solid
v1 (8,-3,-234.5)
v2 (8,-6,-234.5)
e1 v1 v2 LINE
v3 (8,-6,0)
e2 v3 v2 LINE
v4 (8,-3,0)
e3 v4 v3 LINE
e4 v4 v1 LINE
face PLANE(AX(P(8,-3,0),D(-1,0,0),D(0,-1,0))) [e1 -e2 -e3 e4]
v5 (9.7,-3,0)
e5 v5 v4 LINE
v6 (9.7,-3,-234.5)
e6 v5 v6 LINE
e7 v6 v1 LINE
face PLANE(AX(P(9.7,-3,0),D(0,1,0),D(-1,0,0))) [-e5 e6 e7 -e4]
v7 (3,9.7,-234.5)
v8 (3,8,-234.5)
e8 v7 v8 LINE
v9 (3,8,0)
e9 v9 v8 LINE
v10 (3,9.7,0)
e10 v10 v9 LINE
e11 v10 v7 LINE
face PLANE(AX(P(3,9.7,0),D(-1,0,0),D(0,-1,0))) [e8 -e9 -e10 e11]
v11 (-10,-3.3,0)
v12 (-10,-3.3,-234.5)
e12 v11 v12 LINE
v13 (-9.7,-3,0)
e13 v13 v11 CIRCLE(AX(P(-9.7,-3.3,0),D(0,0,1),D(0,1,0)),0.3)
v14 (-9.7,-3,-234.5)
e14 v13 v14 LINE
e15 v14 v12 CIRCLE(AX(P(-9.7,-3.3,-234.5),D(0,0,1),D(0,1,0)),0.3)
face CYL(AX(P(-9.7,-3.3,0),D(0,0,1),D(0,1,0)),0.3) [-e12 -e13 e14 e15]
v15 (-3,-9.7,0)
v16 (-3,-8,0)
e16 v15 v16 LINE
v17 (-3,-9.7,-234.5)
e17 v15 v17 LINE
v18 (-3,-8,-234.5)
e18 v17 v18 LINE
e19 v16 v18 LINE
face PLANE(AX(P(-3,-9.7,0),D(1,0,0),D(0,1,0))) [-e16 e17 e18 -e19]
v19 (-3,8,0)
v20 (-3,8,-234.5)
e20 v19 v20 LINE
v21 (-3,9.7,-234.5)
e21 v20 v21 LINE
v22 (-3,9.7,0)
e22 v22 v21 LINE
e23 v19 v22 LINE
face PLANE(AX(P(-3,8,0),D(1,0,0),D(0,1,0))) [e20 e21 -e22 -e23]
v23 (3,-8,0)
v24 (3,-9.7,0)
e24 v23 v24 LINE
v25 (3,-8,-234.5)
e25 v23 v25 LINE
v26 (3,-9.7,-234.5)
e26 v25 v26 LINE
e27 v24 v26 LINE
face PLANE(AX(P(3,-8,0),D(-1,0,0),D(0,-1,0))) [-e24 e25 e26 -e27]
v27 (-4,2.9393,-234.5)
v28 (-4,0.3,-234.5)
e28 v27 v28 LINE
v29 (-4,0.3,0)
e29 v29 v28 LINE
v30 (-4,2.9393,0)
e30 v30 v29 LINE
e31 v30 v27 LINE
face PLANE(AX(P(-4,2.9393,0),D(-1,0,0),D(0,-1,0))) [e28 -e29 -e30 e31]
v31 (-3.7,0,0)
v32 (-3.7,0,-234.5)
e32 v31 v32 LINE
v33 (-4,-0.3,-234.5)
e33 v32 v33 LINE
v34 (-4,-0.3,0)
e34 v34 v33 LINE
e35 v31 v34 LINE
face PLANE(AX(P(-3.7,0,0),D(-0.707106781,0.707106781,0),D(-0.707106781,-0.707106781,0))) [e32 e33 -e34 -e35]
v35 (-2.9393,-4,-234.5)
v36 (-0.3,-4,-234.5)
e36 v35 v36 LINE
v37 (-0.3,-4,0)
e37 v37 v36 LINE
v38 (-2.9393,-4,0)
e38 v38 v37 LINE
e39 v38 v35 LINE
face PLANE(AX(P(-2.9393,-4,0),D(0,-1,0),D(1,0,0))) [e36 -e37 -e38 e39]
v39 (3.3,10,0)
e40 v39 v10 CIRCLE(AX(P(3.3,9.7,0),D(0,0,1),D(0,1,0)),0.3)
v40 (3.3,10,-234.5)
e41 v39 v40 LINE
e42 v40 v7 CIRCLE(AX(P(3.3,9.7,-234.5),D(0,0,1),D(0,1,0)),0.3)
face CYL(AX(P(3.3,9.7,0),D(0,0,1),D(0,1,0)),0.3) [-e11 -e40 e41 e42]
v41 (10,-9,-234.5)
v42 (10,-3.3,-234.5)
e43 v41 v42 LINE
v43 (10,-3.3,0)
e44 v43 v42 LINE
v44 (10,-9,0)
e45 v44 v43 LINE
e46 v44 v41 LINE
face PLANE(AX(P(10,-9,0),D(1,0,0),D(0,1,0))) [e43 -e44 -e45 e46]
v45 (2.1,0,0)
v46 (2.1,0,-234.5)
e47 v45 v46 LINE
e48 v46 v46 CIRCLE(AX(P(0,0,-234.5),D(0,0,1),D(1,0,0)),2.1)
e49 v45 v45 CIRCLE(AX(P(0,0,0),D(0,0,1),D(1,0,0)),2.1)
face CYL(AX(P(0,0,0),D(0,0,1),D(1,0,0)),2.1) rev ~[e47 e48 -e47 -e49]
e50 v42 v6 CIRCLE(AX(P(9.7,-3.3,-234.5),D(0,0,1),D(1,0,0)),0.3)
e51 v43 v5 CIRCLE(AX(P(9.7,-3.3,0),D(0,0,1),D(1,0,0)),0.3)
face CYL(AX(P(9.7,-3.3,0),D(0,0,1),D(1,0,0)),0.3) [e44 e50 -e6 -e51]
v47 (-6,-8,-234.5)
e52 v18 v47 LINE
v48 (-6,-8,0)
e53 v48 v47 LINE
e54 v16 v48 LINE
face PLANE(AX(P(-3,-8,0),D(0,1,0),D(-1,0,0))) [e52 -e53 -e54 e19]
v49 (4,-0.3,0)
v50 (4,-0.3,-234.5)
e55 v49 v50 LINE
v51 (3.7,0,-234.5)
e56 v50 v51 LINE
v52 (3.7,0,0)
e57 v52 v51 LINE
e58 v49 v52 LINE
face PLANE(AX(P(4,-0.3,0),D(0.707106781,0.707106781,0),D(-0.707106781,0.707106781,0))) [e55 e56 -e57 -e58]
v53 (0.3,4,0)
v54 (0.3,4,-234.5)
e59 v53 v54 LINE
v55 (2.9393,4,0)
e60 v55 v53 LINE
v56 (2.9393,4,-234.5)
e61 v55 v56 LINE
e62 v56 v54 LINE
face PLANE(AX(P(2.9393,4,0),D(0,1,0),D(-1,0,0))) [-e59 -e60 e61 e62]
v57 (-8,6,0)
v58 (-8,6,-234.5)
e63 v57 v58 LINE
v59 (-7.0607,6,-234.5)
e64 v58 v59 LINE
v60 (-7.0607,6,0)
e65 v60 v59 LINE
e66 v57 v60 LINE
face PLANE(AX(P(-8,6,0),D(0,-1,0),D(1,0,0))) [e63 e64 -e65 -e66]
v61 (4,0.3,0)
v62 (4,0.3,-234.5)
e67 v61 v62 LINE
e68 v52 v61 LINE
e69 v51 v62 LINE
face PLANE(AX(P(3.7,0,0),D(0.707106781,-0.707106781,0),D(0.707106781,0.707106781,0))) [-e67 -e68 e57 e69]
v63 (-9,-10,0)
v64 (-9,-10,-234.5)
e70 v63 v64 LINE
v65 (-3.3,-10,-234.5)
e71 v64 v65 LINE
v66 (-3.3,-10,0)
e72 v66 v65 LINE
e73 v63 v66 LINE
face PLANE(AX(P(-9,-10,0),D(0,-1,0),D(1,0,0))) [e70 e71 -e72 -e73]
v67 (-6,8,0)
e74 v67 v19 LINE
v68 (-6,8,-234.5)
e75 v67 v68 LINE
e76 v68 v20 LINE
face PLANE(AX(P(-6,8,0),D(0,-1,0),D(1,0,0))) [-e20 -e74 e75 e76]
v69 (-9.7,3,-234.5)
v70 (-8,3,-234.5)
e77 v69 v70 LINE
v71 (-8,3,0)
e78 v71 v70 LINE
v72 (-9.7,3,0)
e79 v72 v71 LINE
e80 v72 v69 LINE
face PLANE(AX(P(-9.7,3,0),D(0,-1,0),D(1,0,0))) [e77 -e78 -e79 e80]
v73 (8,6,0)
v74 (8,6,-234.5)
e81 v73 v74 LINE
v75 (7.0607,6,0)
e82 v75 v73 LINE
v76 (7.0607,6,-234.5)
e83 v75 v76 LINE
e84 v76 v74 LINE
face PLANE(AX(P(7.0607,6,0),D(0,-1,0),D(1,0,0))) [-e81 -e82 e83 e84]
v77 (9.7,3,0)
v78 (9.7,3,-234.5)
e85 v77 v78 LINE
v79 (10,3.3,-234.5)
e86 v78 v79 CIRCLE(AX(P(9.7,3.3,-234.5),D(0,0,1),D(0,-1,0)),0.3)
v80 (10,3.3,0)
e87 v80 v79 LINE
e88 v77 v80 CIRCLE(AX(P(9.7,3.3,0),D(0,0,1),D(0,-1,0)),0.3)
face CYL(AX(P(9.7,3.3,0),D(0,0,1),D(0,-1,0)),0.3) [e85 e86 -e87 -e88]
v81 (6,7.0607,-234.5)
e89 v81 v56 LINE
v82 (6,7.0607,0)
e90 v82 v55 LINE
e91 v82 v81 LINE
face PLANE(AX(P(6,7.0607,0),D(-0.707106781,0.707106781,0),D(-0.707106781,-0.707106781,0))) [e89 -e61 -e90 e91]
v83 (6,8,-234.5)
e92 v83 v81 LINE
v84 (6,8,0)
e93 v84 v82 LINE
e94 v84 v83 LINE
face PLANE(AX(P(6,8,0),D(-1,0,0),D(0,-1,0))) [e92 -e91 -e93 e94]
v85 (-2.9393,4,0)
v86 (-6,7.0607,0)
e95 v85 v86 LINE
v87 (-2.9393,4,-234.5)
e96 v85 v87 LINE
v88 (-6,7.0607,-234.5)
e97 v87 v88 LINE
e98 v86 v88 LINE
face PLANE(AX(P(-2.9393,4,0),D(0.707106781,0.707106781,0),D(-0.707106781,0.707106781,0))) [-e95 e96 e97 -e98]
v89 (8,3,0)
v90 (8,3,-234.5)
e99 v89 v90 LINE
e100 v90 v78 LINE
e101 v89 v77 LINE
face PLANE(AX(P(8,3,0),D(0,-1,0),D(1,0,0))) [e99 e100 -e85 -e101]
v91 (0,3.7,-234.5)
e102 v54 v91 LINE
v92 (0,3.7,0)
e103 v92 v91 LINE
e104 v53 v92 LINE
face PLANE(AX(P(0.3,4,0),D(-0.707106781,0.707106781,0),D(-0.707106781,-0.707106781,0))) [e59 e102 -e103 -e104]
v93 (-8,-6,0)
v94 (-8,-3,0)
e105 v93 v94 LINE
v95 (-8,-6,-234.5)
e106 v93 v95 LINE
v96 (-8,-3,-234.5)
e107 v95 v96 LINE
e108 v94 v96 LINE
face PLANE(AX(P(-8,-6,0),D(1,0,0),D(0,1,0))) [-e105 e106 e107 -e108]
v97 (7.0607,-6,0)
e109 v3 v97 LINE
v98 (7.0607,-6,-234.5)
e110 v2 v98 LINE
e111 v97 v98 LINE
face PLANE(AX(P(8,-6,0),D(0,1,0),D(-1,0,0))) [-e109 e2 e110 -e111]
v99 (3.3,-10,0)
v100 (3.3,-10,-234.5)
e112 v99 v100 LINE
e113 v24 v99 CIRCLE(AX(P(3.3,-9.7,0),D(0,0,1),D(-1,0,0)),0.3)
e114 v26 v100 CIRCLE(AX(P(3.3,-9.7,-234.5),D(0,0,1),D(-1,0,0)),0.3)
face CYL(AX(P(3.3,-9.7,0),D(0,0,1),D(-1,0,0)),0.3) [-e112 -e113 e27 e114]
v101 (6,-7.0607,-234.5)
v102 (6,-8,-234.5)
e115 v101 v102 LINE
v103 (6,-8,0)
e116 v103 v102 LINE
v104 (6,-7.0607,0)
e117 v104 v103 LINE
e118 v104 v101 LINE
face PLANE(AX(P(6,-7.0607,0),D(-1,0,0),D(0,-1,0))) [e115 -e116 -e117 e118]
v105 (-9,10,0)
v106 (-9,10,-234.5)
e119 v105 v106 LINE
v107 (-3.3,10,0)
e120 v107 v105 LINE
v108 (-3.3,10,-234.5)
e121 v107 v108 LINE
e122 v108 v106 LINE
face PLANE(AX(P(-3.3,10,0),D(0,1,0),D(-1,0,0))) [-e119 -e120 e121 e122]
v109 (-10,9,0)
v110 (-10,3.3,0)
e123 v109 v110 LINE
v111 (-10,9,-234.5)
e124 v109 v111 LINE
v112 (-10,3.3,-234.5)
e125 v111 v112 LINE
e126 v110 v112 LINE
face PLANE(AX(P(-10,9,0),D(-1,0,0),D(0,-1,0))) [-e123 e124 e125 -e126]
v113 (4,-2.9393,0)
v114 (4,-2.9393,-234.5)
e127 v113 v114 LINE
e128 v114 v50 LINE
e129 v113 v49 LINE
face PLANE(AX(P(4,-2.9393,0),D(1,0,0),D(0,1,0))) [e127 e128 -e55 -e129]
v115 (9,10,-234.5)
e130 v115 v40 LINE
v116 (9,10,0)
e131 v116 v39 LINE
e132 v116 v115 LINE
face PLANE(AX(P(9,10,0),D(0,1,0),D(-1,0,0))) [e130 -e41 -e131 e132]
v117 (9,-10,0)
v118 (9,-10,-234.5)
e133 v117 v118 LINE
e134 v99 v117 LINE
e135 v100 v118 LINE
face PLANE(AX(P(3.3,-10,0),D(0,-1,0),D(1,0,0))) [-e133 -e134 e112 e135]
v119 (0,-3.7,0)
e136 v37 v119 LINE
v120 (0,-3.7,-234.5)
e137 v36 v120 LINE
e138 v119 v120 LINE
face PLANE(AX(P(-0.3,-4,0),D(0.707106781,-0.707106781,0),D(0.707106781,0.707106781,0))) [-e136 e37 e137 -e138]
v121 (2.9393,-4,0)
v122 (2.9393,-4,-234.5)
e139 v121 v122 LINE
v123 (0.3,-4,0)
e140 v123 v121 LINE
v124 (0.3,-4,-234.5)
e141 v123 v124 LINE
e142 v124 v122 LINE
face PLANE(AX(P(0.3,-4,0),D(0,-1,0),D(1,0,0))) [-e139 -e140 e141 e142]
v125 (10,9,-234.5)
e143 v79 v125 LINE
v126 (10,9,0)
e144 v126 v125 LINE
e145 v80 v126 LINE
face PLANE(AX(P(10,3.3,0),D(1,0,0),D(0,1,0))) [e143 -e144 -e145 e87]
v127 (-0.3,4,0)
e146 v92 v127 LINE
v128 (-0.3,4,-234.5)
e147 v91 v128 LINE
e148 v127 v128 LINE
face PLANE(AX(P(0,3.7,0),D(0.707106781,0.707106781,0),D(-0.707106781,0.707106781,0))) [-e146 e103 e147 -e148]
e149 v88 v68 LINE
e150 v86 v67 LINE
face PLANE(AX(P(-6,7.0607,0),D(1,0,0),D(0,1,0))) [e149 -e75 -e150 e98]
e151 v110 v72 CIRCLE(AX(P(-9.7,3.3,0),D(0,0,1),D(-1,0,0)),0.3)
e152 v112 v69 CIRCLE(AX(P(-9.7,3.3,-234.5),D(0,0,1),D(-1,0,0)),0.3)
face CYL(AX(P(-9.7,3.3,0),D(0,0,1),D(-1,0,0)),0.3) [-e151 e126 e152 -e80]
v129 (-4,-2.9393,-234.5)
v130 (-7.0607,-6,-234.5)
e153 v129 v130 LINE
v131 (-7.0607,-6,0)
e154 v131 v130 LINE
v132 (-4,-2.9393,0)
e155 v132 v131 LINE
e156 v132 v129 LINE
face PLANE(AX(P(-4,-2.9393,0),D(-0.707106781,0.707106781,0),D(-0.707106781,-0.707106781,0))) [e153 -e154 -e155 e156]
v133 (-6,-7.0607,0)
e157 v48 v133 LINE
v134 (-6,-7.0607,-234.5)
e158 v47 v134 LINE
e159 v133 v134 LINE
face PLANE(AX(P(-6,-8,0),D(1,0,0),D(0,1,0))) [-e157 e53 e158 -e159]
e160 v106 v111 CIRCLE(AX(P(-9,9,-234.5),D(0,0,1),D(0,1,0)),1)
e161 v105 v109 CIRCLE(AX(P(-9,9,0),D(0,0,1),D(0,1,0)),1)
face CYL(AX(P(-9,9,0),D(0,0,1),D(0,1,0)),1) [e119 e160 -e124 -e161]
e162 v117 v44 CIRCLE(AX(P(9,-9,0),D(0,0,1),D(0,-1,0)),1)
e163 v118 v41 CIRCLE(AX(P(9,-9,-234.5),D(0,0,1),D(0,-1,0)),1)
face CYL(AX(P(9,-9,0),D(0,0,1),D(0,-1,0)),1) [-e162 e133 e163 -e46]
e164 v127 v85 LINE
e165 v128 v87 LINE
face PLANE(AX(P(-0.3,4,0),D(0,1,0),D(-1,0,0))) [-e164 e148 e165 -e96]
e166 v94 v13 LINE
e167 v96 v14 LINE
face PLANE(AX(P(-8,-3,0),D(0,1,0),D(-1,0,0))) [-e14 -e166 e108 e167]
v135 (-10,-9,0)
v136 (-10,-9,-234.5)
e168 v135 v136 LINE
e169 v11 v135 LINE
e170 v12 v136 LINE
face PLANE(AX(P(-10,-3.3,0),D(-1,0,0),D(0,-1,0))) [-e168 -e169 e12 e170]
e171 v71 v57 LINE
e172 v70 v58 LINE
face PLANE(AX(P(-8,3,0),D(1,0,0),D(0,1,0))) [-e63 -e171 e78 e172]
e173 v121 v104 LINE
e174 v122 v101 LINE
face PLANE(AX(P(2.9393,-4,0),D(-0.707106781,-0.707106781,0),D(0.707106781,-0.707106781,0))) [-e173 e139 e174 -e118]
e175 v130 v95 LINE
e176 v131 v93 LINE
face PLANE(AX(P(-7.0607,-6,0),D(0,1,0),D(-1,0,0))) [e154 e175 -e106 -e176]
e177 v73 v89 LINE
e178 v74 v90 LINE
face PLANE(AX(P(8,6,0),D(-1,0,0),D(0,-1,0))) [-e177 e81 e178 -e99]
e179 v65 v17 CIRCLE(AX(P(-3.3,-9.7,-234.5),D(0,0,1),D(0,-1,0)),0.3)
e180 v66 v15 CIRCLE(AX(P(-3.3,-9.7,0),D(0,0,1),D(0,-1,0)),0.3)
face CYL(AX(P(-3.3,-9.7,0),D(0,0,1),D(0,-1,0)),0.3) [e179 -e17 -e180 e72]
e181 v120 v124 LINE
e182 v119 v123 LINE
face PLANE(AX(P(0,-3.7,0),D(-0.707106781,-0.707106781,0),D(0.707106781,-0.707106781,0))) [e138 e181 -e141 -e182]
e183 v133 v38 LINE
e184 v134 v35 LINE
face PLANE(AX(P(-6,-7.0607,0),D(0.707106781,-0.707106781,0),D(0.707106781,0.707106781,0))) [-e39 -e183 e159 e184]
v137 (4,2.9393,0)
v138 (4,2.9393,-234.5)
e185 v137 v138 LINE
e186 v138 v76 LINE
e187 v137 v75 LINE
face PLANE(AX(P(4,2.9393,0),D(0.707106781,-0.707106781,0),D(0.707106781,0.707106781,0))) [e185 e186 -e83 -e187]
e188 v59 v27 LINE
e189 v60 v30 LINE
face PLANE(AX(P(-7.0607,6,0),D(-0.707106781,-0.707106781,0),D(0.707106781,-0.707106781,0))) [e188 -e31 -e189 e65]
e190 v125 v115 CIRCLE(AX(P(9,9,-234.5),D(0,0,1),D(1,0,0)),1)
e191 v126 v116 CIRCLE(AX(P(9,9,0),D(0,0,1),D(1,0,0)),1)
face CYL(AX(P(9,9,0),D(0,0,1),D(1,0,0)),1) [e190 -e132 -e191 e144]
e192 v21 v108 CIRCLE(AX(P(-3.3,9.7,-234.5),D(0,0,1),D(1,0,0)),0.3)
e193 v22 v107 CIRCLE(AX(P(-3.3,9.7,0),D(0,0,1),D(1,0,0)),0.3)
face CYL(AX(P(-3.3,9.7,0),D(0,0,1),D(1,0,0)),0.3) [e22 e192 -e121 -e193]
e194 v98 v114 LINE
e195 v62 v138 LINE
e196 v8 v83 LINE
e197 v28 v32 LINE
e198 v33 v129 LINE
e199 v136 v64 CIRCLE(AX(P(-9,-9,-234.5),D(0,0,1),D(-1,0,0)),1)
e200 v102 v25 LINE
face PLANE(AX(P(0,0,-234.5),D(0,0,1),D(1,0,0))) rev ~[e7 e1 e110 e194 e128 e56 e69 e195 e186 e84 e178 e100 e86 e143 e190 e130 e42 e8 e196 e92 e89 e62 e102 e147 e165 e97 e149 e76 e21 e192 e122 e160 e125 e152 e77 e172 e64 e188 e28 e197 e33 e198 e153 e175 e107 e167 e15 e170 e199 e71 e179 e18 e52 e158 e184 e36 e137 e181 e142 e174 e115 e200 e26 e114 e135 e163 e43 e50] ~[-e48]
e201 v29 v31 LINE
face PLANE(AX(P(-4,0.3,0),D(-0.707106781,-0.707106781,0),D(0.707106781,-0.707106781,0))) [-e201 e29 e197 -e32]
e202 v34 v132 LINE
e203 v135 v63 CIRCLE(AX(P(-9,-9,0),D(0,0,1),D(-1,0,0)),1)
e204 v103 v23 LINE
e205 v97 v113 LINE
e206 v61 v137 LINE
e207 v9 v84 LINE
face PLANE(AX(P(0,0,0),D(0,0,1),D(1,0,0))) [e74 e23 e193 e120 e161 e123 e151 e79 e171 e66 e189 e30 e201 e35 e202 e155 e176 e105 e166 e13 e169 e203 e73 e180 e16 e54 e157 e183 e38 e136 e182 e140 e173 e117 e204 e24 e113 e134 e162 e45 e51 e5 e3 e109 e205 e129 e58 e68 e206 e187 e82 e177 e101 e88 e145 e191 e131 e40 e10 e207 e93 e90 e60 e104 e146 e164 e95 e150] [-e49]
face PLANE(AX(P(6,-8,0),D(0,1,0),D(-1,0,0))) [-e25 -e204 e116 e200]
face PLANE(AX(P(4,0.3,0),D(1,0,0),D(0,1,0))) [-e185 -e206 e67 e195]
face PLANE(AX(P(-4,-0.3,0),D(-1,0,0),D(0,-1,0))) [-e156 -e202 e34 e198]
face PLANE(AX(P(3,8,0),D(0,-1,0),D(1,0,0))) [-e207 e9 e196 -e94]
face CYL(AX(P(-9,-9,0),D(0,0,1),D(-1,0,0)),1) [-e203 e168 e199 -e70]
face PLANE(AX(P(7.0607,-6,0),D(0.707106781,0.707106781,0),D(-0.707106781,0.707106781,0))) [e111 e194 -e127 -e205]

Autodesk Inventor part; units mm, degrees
ref_plane "YZ Plane" through (0, 0, 0) normal (1, 0, 0) x (0, 1, 0)
ref_plane "XZ Plane" through (0, 0, 0) normal (0, 1, 0) x (-1, 0, 0)
ref_plane "XY Plane" through (0, 0, 0) normal (0, 0, 1) x (1, 0, 0)
sketch "Sketch_5" plane through (0, 0, 0) normal (0, 0, 1) x (1, 0, 0)
  line L0 (-10, 9) -> (-10, 3.3)
  arc A0 (-10, 3.3) -> (-9.7, 3) centre (-9.7, 3.3) ccw
  line L1 (-9.7, 3) -> (-8, 3)
  line L2 (-8, 3) -> (-8, 6)
  line L3 (-8, 6) -> (-7.0607, 6)
  line L4 (-7.0607, 6) -> (-4, 2.9393)
  line L5 (-4, 2.9393) -> (-4, 0.3)
  line L6 (-4, 0.3) -> (-3.7, 0)
  line L7 (-3.7, 0) -> (-4, -0.3)
  line L8 (-4, -0.3) -> (-4, -2.9393)
  line L9 (-4, -2.9393) -> (-7.0607, -6)
  line L10 (-7.0607, -6) -> (-8, -6)
  line L11 (-8, -6) -> (-8, -3)
  line L12 (-8, -3) -> (-9.7, -3)
  arc A1 (-9.7, -3) -> (-10, -3.3) centre (-9.7, -3.3) ccw
  line L13 (-10, -3.3) -> (-10, -9)
  arc A2 (-10, -9) -> (-9, -10) centre (-9, -9) ccw
  line L14 (-9, -10) -> (-3.3, -10)
  arc A3 (-3.3, -10) -> (-3, -9.7) centre (-3.3, -9.7) ccw
  line L15 (-3, -9.7) -> (-3, -8)
  line L16 (-3, -8) -> (-6, -8)
  line L17 (-6, -8) -> (-6, -7.0607)
  line L18 (-6, -7.0607) -> (-2.9393, -4)
  line L19 (-2.9393, -4) -> (-0.3, -4)
  line L20 (-0.3, -4) -> (0, -3.7)
  line L21 (0, -3.7) -> (0.3, -4)
  line L22 (0.3, -4) -> (2.9393, -4)
  line L23 (2.9393, -4) -> (6, -7.0607)
  line L24 (6, -7.0607) -> (6, -8)
  line L25 (6, -8) -> (3, -8)
  line L26 (3, -8) -> (3, -9.7)
  arc A4 (3, -9.7) -> (3.3, -10) centre (3.3, -9.7) ccw
  line L27 (3.3, -10) -> (9, -10)
  arc A5 (9, -10) -> (10, -9) centre (9, -9) ccw
  line L28 (10, -9) -> (10, -3.3)
  arc A6 (10, -3.3) -> (9.7, -3) centre (9.7, -3.3) ccw
  line L29 (9.7, -3) -> (8, -3)
  line L30 (8, -3) -> (8, -6)
  line L31 (8, -6) -> (7.0607, -6)
  line L32 (7.0607, -6) -> (4, -2.9393)
  line L33 (4, -2.9393) -> (4, -0.3)
  line L34 (4, -0.3) -> (3.7, 0)
  line L35 (3.7, 0) -> (4, 0.3)
  line L36 (4, 0.3) -> (4, 2.9393)
  line L37 (4, 2.9393) -> (7.0607, 6)
  line L38 (7.0607, 6) -> (8, 6)
  line L39 (8, 6) -> (8, 3)
  line L40 (8, 3) -> (9.7, 3)
  arc A7 (9.7, 3) -> (10, 3.3) centre (9.7, 3.3) ccw
  line L41 (10, 3.3) -> (10, 9)
  arc A8 (10, 9) -> (9, 10) centre (9, 9) ccw
  line L42 (9, 10) -> (3.3, 10)
  arc A9 (3.3, 10) -> (3, 9.7) centre (3.3, 9.7) ccw
  line L43 (3, 9.7) -> (3, 8)
  line L44 (3, 8) -> (6, 8)
  line L45 (6, 8) -> (6, 7.0607)
  line L46 (6, 7.0607) -> (2.9393, 4)
  line L47 (2.9393, 4) -> (0.3, 4)
  line L48 (0.3, 4) -> (0, 3.7)
  line L49 (0, 3.7) -> (-0.3, 4)
  line L50 (-0.3, 4) -> (-2.9393, 4)
  line L51 (-2.9393, 4) -> (-6, 7.0607)
  line L52 (-6, 7.0607) -> (-6, 8)
  line L53 (-6, 8) -> (-3, 8)
  line L54 (-3, 8) -> (-3, 9.7)
  arc A10 (-3, 9.7) -> (-3.3, 10) centre (-3.3, 9.7) ccw
  line L55 (-3.3, 10) -> (-9, 10)
  arc A11 (-9, 10) -> (-10, 9) centre (-9, 9) ccw
  circle A12 centre (0, 0) radius 2.1
extrude "Extrusion1" add sketch "Sketch_5" against normal blind 234.5
properties part number "KHFS5-2020-4000" material "Aluminum 6061"
